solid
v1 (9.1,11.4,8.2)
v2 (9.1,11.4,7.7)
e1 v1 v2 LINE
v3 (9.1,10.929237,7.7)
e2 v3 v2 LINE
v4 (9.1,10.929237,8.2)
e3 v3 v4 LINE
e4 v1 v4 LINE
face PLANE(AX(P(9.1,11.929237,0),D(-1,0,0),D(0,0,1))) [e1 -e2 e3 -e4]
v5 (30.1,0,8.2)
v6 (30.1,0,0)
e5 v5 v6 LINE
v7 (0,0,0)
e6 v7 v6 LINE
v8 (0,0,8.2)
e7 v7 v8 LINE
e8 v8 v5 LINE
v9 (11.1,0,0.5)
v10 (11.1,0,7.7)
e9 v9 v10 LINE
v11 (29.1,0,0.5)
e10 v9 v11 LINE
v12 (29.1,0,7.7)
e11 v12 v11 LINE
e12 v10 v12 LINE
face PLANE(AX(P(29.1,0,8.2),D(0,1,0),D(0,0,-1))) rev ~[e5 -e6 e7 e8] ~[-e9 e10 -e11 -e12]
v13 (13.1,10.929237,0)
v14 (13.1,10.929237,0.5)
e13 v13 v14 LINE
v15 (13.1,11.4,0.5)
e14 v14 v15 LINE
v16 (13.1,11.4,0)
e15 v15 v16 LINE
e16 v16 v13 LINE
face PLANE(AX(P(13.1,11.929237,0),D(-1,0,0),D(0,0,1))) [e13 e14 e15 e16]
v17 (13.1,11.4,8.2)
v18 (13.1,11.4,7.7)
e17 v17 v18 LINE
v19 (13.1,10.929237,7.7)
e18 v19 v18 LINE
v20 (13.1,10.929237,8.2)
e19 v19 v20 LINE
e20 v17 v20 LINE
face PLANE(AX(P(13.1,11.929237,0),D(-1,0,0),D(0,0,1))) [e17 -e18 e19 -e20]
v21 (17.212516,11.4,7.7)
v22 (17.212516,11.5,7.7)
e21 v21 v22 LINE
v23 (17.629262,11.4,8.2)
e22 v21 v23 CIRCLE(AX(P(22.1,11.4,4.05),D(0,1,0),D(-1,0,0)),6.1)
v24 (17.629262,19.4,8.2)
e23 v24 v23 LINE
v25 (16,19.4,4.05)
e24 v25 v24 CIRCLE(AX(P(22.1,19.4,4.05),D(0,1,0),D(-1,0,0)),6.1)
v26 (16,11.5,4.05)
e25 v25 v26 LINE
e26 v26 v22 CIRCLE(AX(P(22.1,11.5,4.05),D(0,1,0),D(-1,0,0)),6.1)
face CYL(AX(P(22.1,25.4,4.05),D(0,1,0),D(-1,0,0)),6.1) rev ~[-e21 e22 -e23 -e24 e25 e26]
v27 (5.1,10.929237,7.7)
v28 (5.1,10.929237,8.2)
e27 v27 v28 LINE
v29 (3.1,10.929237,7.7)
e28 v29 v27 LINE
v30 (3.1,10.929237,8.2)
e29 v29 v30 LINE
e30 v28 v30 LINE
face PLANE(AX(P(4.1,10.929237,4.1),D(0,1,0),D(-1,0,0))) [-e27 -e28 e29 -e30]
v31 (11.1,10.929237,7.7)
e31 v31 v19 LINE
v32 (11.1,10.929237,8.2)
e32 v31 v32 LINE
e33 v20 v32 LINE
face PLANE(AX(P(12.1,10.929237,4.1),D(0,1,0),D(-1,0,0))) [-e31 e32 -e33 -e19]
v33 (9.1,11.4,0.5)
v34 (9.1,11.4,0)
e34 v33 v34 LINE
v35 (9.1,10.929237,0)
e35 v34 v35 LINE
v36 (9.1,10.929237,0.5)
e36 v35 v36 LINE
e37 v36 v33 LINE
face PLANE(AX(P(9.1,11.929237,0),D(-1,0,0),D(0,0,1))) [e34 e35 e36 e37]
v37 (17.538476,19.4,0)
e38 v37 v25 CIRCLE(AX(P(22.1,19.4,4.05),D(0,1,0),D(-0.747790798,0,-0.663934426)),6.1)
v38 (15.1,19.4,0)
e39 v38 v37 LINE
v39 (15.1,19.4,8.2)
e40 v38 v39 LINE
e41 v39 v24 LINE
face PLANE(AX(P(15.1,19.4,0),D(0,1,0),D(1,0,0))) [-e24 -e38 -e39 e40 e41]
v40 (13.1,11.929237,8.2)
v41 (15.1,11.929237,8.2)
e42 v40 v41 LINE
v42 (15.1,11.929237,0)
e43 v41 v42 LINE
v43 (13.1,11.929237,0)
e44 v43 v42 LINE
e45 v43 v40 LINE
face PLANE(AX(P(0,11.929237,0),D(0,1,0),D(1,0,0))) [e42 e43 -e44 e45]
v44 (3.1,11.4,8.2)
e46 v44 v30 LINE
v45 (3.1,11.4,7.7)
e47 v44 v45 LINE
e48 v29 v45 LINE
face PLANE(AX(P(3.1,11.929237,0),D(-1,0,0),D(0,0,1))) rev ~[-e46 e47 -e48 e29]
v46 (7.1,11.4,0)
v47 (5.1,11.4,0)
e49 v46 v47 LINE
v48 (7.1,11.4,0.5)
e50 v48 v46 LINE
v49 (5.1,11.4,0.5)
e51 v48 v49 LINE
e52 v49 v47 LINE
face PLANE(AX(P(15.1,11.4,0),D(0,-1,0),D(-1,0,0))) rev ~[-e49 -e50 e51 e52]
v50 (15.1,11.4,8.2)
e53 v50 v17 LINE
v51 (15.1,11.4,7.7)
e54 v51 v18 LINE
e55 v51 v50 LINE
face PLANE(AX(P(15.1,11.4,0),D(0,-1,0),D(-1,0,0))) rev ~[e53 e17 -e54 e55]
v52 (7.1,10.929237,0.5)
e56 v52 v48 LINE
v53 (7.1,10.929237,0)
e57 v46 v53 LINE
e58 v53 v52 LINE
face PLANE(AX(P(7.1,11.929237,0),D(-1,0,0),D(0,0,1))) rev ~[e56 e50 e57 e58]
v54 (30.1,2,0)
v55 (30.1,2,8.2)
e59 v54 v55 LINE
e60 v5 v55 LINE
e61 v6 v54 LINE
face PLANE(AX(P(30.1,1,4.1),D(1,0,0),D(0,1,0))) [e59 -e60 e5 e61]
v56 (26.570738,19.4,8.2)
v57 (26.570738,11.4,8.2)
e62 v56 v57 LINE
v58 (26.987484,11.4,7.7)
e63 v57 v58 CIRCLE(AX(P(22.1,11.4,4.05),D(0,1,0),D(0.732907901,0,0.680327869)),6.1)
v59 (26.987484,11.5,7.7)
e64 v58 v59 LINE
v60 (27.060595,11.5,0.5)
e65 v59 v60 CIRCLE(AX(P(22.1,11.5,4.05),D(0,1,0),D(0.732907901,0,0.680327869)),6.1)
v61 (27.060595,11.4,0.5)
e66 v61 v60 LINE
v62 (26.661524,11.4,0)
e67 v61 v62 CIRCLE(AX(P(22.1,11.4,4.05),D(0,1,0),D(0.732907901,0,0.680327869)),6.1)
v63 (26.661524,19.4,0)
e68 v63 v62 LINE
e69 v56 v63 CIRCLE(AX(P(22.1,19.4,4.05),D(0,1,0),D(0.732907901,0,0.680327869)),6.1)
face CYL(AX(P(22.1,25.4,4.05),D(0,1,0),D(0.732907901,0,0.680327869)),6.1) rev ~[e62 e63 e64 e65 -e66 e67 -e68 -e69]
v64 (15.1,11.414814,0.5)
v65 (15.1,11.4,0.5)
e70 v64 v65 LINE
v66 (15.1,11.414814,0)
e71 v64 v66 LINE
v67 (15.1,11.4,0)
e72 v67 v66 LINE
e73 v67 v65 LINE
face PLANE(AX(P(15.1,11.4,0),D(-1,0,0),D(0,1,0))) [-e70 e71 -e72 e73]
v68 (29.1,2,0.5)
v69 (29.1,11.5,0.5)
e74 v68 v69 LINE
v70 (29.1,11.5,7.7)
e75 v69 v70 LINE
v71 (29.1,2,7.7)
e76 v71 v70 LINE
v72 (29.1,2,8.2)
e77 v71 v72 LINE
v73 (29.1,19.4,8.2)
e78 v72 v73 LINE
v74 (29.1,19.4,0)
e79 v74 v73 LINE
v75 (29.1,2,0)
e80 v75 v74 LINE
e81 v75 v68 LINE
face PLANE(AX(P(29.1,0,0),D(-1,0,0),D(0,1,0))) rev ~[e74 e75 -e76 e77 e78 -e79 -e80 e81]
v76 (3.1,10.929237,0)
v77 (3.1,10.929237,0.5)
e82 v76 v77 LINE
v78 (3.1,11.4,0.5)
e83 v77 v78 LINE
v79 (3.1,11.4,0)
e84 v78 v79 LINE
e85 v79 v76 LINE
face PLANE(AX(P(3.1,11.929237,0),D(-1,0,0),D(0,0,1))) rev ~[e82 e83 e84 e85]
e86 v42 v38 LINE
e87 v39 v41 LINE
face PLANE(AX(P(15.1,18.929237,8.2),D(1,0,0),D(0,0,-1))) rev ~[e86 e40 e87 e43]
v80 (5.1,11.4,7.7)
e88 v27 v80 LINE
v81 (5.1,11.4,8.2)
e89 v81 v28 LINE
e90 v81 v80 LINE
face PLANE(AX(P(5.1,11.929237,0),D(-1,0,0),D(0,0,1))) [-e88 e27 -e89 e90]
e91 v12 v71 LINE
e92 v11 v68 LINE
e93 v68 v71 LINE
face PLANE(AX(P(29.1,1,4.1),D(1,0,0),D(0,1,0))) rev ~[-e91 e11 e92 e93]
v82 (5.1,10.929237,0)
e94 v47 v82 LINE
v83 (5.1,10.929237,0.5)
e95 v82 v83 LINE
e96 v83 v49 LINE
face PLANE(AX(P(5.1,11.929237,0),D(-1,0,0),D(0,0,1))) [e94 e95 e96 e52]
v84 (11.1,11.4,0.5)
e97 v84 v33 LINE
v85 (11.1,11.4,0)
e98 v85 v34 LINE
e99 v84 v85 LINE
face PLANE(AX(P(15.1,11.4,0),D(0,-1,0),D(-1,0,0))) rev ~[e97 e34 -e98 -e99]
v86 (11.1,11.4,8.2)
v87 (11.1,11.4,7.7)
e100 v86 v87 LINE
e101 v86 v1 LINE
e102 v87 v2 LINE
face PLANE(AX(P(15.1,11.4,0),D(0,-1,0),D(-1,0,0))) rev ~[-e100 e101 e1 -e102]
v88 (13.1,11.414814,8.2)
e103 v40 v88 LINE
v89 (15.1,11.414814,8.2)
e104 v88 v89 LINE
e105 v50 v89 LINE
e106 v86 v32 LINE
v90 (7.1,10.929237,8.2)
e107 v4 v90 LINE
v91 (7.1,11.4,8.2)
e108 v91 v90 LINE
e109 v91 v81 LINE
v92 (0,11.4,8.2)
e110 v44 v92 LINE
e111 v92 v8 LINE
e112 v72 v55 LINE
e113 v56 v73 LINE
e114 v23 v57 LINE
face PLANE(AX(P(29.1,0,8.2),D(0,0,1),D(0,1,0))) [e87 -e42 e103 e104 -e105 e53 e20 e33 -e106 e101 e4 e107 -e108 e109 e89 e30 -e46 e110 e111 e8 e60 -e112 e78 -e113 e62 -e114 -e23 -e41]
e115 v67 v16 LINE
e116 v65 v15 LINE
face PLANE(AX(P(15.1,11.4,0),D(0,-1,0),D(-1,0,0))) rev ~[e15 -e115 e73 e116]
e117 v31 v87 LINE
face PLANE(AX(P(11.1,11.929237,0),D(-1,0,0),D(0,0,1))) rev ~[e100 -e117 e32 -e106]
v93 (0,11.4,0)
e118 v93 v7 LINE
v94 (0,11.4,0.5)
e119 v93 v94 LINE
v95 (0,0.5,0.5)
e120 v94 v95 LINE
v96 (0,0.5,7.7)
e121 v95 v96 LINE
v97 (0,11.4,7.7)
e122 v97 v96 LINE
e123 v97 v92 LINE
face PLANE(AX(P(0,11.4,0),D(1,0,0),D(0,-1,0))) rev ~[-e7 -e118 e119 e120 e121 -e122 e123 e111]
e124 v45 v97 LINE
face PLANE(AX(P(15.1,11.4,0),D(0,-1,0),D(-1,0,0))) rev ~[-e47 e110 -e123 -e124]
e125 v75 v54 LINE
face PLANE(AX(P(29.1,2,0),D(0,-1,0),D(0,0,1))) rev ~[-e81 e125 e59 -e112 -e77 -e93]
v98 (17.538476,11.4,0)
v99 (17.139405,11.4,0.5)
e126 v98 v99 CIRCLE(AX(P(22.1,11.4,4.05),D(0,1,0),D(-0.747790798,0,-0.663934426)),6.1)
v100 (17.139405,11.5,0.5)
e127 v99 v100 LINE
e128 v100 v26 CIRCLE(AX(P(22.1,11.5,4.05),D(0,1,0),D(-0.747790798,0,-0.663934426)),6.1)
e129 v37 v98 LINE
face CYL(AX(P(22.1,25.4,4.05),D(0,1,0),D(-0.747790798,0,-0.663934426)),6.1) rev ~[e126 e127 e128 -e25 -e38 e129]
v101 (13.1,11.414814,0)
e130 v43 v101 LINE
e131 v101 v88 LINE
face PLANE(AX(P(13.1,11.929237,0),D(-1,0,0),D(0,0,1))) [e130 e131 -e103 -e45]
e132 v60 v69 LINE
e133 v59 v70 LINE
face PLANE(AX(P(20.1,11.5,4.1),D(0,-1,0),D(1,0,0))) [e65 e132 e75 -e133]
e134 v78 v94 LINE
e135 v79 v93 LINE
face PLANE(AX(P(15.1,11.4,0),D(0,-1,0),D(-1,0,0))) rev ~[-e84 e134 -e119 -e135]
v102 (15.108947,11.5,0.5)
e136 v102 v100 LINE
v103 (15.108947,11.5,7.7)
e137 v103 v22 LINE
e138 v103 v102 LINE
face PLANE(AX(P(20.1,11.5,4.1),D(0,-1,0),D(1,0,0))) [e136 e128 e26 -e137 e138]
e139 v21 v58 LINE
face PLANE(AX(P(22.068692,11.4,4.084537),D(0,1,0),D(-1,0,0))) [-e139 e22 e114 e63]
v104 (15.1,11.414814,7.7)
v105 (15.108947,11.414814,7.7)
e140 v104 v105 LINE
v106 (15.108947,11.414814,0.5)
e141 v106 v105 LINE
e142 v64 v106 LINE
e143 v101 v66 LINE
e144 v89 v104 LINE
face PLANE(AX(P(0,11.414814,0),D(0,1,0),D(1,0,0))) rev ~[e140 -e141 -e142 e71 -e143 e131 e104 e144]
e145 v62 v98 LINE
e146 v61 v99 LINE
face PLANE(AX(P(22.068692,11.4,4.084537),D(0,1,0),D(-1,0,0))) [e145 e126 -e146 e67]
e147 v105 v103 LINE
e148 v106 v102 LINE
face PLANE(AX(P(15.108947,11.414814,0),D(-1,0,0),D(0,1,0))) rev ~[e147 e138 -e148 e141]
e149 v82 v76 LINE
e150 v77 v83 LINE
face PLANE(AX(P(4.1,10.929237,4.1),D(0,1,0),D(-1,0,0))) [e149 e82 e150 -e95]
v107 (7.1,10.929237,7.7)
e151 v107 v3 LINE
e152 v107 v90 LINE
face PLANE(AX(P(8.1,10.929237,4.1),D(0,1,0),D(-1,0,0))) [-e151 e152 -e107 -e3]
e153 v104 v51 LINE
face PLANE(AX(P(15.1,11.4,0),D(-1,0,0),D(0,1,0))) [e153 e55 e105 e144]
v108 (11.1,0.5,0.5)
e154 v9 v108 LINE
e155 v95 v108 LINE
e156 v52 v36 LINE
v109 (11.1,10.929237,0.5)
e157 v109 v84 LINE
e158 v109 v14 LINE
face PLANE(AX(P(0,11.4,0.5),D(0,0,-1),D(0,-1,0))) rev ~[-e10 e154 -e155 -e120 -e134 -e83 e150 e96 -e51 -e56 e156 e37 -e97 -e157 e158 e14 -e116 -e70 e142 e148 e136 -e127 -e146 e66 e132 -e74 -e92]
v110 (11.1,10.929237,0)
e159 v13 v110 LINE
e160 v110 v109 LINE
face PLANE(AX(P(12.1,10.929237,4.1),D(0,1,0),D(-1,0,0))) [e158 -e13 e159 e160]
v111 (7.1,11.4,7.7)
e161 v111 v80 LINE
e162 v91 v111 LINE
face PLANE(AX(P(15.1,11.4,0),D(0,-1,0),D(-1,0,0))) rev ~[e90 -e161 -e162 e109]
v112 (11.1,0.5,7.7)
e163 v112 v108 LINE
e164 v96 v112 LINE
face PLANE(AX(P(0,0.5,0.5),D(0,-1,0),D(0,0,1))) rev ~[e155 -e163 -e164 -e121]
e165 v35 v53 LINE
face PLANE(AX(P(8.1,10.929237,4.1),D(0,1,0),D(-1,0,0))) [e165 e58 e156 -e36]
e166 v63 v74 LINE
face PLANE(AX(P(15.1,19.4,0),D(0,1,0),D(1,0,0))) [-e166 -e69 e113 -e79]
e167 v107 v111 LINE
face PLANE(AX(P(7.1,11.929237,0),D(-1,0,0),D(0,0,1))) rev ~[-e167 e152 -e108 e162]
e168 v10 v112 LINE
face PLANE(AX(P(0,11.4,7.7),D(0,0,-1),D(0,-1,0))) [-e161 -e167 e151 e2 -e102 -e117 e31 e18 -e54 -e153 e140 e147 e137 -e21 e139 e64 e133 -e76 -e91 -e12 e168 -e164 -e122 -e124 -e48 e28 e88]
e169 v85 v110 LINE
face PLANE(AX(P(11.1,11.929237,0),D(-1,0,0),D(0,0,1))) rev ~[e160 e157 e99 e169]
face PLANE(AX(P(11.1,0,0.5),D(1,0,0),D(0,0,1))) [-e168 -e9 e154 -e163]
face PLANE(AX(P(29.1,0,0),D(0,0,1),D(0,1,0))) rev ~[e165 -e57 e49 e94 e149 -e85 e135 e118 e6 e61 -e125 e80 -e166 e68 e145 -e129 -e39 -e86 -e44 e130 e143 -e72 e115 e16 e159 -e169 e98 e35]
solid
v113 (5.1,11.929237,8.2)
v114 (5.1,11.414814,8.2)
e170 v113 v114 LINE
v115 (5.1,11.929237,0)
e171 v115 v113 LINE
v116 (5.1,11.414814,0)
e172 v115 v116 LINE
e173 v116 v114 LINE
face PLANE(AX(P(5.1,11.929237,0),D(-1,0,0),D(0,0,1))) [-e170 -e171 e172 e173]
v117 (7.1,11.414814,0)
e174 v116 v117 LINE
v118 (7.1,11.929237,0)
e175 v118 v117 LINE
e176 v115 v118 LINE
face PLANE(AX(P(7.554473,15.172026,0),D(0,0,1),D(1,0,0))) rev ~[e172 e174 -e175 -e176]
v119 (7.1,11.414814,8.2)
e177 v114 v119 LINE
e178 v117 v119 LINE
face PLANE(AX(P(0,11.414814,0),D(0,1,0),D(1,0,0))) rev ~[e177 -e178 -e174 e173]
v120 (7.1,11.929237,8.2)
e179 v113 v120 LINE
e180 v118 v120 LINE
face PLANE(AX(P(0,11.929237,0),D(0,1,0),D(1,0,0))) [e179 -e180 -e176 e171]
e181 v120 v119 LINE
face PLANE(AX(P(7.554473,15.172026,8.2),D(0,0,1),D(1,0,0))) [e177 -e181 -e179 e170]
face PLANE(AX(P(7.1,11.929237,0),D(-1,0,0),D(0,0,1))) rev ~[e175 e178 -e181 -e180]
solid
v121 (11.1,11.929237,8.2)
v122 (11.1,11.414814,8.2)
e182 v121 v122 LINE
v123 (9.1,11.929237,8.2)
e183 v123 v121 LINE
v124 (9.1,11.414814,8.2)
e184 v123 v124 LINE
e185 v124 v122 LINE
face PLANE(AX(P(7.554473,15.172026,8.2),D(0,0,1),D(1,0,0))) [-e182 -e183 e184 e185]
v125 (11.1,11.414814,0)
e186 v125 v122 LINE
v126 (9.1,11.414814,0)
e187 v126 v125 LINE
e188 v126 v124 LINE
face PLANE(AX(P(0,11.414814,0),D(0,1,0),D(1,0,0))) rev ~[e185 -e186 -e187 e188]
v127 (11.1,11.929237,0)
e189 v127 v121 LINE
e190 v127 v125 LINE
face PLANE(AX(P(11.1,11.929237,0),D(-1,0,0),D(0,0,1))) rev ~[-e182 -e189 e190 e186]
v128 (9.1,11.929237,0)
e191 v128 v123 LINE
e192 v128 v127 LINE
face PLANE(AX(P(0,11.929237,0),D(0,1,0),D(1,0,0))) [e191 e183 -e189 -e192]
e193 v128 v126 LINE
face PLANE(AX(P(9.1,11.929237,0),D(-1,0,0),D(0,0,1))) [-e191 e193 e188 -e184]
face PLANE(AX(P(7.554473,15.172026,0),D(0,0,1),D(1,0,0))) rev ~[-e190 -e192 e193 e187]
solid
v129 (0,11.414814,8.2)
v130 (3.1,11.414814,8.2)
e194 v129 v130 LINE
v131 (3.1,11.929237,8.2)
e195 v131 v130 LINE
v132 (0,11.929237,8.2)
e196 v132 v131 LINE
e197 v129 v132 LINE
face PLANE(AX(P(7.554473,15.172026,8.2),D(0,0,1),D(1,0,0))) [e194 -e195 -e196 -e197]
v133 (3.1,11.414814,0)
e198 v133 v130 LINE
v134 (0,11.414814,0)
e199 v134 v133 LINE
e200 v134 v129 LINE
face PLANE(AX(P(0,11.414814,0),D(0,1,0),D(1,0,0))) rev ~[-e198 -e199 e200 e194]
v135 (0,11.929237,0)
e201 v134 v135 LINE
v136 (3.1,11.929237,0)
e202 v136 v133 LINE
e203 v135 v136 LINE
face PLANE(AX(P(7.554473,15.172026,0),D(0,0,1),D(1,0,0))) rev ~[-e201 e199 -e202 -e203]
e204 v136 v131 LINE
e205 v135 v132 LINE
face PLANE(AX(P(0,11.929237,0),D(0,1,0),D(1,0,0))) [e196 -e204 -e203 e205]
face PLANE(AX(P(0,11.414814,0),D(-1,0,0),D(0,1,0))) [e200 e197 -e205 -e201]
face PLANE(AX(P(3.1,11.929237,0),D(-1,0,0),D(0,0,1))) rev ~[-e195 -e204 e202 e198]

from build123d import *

# Parameters (mm, degrees)
F0_W      = 14
F0_H      = 14
F1_DEPTH  = 8.2
F2_W      = 18
F2_H      = 7.2
F3_DEPTH  = 11.5
F5_DEPTH  = 14
F6_W      = 10.9
F6_H      = 7.2
F7_DEPTH  = 25
F8_W      = 15.1089467108
F8_H      = 7.5144236907
F9_DEPTH  = 8.2
F10_DEPTH = 7
F11_W     = 2
F11_H     = 8.2
F12_DEPTH = 1
F13_DEPTH = 6
F14_W     = 2
F14_H     = 7.2
F14_H_2   = 0.5
F15_DEPTH = 1


with BuildPart() as f1:
    # F0 (on Top) → F1 (new body)
    with BuildSketch(Plane.XY):
        Polygon((0, 11.4), (0, 0), (29.1, 0), (29.1, 11.4), (15.1, 11.4), align=None)
        with Locations((22.1, 18.4)):
            Rectangle(F0_W, F0_H)
    extrude(amount=F1_DEPTH)

    # F2 (on face) → F3 (cut)
    with BuildSketch(Plane.XZ):
        with Locations((20.1, 4.1)):
            Rectangle(F2_W, F2_H)
    extrude(amount=-F3_DEPTH, mode=Mode.SUBTRACT)

    # F4 (on face) → F5 (cut)
    with BuildSketch(Plane(origin=(0, 25.4, 0), x_dir=(-1, 0, 0), z_dir=(0, 1, 0))):
        with BuildLine():
            ThreePointArc((-17.5384761318, 0), (-16.3975752703, 1.8838162123), (-16, 4.05))
            ThreePointArc((-16, 4.05), (-16.4219059983, 6.2791811295), (-17.6292618059, 8.2))
            Line((-17.6292618059, 8.2), (-26.5707381941, 8.2))
            ThreePointArc((-26.5707381941, 8.2), (-28.1996261763, 4.1175315456), (-26.6615238682, 0))
            Line((-26.6615238682, 0), (-17.5384761318, 0))
        make_face()
    extrude(amount=-F5_DEPTH, mode=Mode.SUBTRACT)

    # F6 (on face) → F7 (cut)
    with BuildSketch(Plane(origin=(0, 0, 0), x_dir=(0, -1, 0), z_dir=(-1, 0, 0))):
        with Locations((-5.95, 4.1)):
            Rectangle(F6_W, F6_H)
    extrude(amount=-F7_DEPTH, mode=Mode.SUBTRACT)

    # F8 (on Top) → F9 (join)
    with BuildSketch(Plane.XY):
        with Locations((7.5544733554, 15.1720256545)):
            Rectangle(F8_W, F8_H)
    extrude(amount=F9_DEPTH)

    # F10 (cut): a face of the model
    f10_faces = [f1.faces().sort_by_distance(p)[0] for p in [
        (7.55, 18.9292374998, 4.1),
    ]]
    extrude(f10_faces, amount=-F10_DEPTH, mode=Mode.SUBTRACT)

    # F11 (on face) → F12 (cut)
    with BuildSketch(Plane(origin=(0, 11.9292374998, 0), x_dir=(-1, 0, 0), z_dir=(0, 1, 0))):
        with Locations((-12.1, 4.1)):
            Rectangle(F11_W, F11_H)
        with Locations((-8.1, 4.1)):
            Rectangle(F11_W, F11_H)
        with Locations((-4.1, 4.1)):
            Rectangle(F11_W, F11_H)
    extrude(amount=-F12_DEPTH, mode=Mode.SUBTRACT)

    # F13 (cut): faces of the model
    f13_faces = [f1.faces().sort_by_distance(p)[0] for p in [
        (15.8748350473, 25.4, 4.1388807509),
        (28.3251649527, 25.4, 4.1388807509),
    ]]
    extrude(f13_faces, amount=-F13_DEPTH, mode=Mode.SUBTRACT)

    # F14 (on face) → F15 (join)
    with BuildSketch(Plane.YZ.offset(29.1)):
        with Locations((1, 4.1)):
            Rectangle(F14_W, F14_H)
        with Locations((1, 7.95)):
            Rectangle(F14_W, F14_H_2)
        with Locations((1, 0.25)):
            Rectangle(F14_W, F14_H_2)
    extrude(amount=F15_DEPTH)


solid = f1.part
